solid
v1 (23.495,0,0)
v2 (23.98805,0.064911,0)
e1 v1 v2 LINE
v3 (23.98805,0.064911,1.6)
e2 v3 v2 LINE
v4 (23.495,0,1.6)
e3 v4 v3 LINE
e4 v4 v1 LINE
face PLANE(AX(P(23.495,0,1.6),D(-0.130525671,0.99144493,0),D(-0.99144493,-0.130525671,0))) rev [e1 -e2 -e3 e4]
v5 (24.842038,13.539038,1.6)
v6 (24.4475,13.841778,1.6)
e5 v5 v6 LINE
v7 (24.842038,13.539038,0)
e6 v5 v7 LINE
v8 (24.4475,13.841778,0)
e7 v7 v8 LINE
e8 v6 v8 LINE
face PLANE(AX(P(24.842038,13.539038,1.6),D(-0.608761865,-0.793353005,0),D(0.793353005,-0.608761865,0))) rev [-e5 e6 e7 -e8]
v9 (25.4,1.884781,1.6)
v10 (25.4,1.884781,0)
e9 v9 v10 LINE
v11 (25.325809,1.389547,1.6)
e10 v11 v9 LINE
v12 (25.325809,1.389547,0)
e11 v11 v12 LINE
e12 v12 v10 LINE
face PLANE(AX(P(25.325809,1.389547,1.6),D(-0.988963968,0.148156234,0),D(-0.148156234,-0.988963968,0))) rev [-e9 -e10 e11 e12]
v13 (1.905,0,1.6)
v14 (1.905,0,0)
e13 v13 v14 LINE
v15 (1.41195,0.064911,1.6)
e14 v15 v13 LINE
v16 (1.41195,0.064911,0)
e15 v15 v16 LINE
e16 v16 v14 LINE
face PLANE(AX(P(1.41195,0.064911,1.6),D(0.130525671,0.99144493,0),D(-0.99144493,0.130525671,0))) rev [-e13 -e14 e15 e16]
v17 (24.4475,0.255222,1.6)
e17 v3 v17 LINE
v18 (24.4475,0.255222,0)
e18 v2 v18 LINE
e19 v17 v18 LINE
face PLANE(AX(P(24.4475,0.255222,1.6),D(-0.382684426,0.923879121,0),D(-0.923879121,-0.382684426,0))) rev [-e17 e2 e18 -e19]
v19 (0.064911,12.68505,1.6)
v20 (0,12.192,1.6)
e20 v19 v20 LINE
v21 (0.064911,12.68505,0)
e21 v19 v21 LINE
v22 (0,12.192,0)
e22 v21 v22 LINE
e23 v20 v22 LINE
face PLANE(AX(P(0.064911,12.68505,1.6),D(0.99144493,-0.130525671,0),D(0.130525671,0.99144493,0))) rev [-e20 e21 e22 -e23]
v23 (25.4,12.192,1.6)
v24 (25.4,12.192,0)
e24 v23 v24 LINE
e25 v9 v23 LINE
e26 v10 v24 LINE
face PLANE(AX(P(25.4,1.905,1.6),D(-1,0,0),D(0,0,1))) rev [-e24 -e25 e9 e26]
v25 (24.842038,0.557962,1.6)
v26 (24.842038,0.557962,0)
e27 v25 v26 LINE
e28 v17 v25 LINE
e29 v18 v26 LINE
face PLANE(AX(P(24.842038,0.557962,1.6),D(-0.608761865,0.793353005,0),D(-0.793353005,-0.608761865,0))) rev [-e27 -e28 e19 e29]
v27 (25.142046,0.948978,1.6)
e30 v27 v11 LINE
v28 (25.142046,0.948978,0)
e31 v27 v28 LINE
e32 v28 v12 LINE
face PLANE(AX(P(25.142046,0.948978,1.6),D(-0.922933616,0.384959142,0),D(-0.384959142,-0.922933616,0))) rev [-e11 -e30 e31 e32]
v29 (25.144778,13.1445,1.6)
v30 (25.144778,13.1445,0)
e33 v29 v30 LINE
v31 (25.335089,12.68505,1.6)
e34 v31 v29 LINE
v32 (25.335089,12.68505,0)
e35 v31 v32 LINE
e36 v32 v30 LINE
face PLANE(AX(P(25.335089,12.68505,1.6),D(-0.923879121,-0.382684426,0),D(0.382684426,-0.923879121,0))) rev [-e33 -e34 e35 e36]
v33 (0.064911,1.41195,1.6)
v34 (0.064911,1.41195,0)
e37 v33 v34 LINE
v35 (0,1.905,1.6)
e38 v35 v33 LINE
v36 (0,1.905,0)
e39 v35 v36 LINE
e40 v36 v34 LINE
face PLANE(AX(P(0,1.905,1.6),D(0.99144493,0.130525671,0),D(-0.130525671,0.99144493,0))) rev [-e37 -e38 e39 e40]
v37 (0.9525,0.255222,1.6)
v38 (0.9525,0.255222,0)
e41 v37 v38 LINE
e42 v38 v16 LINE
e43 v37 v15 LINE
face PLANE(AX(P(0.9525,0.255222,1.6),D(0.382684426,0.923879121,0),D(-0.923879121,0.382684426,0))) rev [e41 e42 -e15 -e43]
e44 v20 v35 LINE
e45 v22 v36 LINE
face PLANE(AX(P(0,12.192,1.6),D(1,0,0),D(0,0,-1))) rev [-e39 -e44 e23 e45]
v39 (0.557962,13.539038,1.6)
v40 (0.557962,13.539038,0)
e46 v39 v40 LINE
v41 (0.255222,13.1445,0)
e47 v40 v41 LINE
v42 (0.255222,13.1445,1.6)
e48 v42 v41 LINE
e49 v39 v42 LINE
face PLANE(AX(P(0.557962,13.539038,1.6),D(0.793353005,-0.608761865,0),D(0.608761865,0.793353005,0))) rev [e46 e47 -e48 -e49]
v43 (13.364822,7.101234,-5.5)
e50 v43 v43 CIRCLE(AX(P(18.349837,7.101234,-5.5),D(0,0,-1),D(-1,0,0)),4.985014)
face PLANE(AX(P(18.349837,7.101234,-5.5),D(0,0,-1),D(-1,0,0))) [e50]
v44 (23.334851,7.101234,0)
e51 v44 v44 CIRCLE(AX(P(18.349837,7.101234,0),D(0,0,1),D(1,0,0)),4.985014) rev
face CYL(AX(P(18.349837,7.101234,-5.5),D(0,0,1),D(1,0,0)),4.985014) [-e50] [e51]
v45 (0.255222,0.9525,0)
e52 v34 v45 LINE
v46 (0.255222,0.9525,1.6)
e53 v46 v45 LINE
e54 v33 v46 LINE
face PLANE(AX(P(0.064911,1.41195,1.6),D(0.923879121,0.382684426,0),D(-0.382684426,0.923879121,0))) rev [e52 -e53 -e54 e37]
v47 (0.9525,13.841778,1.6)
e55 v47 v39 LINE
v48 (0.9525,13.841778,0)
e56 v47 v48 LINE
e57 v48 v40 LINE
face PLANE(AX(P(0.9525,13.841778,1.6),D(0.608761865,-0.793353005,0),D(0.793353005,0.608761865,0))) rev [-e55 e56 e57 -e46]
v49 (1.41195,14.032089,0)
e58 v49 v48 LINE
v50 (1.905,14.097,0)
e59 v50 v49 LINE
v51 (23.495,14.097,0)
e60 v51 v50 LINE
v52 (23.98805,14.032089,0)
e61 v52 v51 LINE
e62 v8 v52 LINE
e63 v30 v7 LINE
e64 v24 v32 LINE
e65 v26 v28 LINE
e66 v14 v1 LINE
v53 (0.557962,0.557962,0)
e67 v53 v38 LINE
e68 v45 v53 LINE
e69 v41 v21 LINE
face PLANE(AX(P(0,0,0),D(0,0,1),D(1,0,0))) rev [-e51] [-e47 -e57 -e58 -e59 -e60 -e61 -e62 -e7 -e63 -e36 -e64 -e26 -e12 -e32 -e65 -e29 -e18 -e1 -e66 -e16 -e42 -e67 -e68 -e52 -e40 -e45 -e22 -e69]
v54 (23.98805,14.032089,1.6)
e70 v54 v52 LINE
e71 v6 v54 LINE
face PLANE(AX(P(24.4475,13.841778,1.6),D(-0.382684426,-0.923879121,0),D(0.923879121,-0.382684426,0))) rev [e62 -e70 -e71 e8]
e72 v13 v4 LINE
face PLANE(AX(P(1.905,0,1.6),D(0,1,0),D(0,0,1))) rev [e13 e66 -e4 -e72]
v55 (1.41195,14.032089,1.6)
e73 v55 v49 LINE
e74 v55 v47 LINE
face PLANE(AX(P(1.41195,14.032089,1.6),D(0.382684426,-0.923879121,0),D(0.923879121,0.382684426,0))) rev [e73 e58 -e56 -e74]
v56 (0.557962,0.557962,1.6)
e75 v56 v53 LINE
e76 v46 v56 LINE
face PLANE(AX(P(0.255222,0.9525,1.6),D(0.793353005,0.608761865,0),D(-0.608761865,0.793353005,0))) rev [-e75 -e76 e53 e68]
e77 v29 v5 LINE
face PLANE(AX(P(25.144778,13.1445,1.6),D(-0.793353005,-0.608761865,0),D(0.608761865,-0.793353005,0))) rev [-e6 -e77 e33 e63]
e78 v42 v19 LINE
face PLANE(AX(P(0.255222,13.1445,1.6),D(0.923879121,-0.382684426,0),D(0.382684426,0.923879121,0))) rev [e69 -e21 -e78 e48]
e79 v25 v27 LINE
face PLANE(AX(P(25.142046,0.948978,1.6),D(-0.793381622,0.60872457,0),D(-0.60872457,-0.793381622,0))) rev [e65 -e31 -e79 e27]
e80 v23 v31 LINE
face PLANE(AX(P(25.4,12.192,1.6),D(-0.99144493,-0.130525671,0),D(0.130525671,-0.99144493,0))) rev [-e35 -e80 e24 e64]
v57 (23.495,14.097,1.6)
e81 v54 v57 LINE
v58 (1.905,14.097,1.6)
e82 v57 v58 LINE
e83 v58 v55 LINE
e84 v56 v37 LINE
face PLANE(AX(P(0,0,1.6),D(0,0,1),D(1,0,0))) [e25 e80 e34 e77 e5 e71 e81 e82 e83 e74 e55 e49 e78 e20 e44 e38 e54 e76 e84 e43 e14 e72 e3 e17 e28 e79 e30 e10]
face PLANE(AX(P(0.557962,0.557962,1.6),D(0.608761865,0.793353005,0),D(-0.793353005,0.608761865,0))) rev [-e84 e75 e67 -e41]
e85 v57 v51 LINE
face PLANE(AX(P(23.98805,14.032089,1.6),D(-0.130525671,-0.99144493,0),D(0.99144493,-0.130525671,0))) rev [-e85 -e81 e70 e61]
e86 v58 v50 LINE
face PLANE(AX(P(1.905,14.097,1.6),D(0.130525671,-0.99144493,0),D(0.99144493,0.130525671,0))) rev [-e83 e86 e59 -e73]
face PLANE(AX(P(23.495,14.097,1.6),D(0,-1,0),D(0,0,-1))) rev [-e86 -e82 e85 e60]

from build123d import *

# Parameters (mm, degrees)
BOSS_EXTRUDE1_DEPTH = 1.6
SKETCH1_R           = 4.985014332
BOSS_EXTRUDE2_DEPTH = 5.5


with BuildPart() as part:
    # Board_Outline → Boss-Extrude1 (new body)
    with BuildSketch(Plane.XY):
        Polygon((0, 12.192), (0, 1.905), (0.064911, 1.41195), (0.255222, 0.9525), (0.557962, 0.557962), (0.9525, 0.255222), (1.41195, 0.064911), (1.905, 0), (23.495, 0), (23.98805, 0.064911), (24.4475, 0.255222), (24.842038, 0.557962), (25.142046405, 0.948978179), (25.325809203, 1.389546655), (25.4, 1.884780797), (25.4, 1.905), (25.4, 12.192), (25.335089, 12.68505), (25.144778, 13.1445), (24.842038, 13.539038), (24.4475, 13.841778), (23.98805, 14.032089), (23.495, 14.097), (1.905, 14.097), (1.41195, 14.032089), (0.9525, 13.841778), (0.557962, 13.539038), (0.255222, 13.1445), (0.064911, 12.68505), align=None)
    extrude(amount=BOSS_EXTRUDE1_DEPTH)

    # Sketch1 → Boss-Extrude2 (add)
    with BuildSketch(Plane(origin=(0, 0, 0), x_dir=(-1, 0, 0), z_dir=(0, 0, -1))):
        with Locations(Location((-18.349836539, 7.101234384, 0), (0, 0, 180))):
            Circle(SKETCH1_R)
    extrude(amount=BOSS_EXTRUDE2_DEPTH)


solid = part.part
